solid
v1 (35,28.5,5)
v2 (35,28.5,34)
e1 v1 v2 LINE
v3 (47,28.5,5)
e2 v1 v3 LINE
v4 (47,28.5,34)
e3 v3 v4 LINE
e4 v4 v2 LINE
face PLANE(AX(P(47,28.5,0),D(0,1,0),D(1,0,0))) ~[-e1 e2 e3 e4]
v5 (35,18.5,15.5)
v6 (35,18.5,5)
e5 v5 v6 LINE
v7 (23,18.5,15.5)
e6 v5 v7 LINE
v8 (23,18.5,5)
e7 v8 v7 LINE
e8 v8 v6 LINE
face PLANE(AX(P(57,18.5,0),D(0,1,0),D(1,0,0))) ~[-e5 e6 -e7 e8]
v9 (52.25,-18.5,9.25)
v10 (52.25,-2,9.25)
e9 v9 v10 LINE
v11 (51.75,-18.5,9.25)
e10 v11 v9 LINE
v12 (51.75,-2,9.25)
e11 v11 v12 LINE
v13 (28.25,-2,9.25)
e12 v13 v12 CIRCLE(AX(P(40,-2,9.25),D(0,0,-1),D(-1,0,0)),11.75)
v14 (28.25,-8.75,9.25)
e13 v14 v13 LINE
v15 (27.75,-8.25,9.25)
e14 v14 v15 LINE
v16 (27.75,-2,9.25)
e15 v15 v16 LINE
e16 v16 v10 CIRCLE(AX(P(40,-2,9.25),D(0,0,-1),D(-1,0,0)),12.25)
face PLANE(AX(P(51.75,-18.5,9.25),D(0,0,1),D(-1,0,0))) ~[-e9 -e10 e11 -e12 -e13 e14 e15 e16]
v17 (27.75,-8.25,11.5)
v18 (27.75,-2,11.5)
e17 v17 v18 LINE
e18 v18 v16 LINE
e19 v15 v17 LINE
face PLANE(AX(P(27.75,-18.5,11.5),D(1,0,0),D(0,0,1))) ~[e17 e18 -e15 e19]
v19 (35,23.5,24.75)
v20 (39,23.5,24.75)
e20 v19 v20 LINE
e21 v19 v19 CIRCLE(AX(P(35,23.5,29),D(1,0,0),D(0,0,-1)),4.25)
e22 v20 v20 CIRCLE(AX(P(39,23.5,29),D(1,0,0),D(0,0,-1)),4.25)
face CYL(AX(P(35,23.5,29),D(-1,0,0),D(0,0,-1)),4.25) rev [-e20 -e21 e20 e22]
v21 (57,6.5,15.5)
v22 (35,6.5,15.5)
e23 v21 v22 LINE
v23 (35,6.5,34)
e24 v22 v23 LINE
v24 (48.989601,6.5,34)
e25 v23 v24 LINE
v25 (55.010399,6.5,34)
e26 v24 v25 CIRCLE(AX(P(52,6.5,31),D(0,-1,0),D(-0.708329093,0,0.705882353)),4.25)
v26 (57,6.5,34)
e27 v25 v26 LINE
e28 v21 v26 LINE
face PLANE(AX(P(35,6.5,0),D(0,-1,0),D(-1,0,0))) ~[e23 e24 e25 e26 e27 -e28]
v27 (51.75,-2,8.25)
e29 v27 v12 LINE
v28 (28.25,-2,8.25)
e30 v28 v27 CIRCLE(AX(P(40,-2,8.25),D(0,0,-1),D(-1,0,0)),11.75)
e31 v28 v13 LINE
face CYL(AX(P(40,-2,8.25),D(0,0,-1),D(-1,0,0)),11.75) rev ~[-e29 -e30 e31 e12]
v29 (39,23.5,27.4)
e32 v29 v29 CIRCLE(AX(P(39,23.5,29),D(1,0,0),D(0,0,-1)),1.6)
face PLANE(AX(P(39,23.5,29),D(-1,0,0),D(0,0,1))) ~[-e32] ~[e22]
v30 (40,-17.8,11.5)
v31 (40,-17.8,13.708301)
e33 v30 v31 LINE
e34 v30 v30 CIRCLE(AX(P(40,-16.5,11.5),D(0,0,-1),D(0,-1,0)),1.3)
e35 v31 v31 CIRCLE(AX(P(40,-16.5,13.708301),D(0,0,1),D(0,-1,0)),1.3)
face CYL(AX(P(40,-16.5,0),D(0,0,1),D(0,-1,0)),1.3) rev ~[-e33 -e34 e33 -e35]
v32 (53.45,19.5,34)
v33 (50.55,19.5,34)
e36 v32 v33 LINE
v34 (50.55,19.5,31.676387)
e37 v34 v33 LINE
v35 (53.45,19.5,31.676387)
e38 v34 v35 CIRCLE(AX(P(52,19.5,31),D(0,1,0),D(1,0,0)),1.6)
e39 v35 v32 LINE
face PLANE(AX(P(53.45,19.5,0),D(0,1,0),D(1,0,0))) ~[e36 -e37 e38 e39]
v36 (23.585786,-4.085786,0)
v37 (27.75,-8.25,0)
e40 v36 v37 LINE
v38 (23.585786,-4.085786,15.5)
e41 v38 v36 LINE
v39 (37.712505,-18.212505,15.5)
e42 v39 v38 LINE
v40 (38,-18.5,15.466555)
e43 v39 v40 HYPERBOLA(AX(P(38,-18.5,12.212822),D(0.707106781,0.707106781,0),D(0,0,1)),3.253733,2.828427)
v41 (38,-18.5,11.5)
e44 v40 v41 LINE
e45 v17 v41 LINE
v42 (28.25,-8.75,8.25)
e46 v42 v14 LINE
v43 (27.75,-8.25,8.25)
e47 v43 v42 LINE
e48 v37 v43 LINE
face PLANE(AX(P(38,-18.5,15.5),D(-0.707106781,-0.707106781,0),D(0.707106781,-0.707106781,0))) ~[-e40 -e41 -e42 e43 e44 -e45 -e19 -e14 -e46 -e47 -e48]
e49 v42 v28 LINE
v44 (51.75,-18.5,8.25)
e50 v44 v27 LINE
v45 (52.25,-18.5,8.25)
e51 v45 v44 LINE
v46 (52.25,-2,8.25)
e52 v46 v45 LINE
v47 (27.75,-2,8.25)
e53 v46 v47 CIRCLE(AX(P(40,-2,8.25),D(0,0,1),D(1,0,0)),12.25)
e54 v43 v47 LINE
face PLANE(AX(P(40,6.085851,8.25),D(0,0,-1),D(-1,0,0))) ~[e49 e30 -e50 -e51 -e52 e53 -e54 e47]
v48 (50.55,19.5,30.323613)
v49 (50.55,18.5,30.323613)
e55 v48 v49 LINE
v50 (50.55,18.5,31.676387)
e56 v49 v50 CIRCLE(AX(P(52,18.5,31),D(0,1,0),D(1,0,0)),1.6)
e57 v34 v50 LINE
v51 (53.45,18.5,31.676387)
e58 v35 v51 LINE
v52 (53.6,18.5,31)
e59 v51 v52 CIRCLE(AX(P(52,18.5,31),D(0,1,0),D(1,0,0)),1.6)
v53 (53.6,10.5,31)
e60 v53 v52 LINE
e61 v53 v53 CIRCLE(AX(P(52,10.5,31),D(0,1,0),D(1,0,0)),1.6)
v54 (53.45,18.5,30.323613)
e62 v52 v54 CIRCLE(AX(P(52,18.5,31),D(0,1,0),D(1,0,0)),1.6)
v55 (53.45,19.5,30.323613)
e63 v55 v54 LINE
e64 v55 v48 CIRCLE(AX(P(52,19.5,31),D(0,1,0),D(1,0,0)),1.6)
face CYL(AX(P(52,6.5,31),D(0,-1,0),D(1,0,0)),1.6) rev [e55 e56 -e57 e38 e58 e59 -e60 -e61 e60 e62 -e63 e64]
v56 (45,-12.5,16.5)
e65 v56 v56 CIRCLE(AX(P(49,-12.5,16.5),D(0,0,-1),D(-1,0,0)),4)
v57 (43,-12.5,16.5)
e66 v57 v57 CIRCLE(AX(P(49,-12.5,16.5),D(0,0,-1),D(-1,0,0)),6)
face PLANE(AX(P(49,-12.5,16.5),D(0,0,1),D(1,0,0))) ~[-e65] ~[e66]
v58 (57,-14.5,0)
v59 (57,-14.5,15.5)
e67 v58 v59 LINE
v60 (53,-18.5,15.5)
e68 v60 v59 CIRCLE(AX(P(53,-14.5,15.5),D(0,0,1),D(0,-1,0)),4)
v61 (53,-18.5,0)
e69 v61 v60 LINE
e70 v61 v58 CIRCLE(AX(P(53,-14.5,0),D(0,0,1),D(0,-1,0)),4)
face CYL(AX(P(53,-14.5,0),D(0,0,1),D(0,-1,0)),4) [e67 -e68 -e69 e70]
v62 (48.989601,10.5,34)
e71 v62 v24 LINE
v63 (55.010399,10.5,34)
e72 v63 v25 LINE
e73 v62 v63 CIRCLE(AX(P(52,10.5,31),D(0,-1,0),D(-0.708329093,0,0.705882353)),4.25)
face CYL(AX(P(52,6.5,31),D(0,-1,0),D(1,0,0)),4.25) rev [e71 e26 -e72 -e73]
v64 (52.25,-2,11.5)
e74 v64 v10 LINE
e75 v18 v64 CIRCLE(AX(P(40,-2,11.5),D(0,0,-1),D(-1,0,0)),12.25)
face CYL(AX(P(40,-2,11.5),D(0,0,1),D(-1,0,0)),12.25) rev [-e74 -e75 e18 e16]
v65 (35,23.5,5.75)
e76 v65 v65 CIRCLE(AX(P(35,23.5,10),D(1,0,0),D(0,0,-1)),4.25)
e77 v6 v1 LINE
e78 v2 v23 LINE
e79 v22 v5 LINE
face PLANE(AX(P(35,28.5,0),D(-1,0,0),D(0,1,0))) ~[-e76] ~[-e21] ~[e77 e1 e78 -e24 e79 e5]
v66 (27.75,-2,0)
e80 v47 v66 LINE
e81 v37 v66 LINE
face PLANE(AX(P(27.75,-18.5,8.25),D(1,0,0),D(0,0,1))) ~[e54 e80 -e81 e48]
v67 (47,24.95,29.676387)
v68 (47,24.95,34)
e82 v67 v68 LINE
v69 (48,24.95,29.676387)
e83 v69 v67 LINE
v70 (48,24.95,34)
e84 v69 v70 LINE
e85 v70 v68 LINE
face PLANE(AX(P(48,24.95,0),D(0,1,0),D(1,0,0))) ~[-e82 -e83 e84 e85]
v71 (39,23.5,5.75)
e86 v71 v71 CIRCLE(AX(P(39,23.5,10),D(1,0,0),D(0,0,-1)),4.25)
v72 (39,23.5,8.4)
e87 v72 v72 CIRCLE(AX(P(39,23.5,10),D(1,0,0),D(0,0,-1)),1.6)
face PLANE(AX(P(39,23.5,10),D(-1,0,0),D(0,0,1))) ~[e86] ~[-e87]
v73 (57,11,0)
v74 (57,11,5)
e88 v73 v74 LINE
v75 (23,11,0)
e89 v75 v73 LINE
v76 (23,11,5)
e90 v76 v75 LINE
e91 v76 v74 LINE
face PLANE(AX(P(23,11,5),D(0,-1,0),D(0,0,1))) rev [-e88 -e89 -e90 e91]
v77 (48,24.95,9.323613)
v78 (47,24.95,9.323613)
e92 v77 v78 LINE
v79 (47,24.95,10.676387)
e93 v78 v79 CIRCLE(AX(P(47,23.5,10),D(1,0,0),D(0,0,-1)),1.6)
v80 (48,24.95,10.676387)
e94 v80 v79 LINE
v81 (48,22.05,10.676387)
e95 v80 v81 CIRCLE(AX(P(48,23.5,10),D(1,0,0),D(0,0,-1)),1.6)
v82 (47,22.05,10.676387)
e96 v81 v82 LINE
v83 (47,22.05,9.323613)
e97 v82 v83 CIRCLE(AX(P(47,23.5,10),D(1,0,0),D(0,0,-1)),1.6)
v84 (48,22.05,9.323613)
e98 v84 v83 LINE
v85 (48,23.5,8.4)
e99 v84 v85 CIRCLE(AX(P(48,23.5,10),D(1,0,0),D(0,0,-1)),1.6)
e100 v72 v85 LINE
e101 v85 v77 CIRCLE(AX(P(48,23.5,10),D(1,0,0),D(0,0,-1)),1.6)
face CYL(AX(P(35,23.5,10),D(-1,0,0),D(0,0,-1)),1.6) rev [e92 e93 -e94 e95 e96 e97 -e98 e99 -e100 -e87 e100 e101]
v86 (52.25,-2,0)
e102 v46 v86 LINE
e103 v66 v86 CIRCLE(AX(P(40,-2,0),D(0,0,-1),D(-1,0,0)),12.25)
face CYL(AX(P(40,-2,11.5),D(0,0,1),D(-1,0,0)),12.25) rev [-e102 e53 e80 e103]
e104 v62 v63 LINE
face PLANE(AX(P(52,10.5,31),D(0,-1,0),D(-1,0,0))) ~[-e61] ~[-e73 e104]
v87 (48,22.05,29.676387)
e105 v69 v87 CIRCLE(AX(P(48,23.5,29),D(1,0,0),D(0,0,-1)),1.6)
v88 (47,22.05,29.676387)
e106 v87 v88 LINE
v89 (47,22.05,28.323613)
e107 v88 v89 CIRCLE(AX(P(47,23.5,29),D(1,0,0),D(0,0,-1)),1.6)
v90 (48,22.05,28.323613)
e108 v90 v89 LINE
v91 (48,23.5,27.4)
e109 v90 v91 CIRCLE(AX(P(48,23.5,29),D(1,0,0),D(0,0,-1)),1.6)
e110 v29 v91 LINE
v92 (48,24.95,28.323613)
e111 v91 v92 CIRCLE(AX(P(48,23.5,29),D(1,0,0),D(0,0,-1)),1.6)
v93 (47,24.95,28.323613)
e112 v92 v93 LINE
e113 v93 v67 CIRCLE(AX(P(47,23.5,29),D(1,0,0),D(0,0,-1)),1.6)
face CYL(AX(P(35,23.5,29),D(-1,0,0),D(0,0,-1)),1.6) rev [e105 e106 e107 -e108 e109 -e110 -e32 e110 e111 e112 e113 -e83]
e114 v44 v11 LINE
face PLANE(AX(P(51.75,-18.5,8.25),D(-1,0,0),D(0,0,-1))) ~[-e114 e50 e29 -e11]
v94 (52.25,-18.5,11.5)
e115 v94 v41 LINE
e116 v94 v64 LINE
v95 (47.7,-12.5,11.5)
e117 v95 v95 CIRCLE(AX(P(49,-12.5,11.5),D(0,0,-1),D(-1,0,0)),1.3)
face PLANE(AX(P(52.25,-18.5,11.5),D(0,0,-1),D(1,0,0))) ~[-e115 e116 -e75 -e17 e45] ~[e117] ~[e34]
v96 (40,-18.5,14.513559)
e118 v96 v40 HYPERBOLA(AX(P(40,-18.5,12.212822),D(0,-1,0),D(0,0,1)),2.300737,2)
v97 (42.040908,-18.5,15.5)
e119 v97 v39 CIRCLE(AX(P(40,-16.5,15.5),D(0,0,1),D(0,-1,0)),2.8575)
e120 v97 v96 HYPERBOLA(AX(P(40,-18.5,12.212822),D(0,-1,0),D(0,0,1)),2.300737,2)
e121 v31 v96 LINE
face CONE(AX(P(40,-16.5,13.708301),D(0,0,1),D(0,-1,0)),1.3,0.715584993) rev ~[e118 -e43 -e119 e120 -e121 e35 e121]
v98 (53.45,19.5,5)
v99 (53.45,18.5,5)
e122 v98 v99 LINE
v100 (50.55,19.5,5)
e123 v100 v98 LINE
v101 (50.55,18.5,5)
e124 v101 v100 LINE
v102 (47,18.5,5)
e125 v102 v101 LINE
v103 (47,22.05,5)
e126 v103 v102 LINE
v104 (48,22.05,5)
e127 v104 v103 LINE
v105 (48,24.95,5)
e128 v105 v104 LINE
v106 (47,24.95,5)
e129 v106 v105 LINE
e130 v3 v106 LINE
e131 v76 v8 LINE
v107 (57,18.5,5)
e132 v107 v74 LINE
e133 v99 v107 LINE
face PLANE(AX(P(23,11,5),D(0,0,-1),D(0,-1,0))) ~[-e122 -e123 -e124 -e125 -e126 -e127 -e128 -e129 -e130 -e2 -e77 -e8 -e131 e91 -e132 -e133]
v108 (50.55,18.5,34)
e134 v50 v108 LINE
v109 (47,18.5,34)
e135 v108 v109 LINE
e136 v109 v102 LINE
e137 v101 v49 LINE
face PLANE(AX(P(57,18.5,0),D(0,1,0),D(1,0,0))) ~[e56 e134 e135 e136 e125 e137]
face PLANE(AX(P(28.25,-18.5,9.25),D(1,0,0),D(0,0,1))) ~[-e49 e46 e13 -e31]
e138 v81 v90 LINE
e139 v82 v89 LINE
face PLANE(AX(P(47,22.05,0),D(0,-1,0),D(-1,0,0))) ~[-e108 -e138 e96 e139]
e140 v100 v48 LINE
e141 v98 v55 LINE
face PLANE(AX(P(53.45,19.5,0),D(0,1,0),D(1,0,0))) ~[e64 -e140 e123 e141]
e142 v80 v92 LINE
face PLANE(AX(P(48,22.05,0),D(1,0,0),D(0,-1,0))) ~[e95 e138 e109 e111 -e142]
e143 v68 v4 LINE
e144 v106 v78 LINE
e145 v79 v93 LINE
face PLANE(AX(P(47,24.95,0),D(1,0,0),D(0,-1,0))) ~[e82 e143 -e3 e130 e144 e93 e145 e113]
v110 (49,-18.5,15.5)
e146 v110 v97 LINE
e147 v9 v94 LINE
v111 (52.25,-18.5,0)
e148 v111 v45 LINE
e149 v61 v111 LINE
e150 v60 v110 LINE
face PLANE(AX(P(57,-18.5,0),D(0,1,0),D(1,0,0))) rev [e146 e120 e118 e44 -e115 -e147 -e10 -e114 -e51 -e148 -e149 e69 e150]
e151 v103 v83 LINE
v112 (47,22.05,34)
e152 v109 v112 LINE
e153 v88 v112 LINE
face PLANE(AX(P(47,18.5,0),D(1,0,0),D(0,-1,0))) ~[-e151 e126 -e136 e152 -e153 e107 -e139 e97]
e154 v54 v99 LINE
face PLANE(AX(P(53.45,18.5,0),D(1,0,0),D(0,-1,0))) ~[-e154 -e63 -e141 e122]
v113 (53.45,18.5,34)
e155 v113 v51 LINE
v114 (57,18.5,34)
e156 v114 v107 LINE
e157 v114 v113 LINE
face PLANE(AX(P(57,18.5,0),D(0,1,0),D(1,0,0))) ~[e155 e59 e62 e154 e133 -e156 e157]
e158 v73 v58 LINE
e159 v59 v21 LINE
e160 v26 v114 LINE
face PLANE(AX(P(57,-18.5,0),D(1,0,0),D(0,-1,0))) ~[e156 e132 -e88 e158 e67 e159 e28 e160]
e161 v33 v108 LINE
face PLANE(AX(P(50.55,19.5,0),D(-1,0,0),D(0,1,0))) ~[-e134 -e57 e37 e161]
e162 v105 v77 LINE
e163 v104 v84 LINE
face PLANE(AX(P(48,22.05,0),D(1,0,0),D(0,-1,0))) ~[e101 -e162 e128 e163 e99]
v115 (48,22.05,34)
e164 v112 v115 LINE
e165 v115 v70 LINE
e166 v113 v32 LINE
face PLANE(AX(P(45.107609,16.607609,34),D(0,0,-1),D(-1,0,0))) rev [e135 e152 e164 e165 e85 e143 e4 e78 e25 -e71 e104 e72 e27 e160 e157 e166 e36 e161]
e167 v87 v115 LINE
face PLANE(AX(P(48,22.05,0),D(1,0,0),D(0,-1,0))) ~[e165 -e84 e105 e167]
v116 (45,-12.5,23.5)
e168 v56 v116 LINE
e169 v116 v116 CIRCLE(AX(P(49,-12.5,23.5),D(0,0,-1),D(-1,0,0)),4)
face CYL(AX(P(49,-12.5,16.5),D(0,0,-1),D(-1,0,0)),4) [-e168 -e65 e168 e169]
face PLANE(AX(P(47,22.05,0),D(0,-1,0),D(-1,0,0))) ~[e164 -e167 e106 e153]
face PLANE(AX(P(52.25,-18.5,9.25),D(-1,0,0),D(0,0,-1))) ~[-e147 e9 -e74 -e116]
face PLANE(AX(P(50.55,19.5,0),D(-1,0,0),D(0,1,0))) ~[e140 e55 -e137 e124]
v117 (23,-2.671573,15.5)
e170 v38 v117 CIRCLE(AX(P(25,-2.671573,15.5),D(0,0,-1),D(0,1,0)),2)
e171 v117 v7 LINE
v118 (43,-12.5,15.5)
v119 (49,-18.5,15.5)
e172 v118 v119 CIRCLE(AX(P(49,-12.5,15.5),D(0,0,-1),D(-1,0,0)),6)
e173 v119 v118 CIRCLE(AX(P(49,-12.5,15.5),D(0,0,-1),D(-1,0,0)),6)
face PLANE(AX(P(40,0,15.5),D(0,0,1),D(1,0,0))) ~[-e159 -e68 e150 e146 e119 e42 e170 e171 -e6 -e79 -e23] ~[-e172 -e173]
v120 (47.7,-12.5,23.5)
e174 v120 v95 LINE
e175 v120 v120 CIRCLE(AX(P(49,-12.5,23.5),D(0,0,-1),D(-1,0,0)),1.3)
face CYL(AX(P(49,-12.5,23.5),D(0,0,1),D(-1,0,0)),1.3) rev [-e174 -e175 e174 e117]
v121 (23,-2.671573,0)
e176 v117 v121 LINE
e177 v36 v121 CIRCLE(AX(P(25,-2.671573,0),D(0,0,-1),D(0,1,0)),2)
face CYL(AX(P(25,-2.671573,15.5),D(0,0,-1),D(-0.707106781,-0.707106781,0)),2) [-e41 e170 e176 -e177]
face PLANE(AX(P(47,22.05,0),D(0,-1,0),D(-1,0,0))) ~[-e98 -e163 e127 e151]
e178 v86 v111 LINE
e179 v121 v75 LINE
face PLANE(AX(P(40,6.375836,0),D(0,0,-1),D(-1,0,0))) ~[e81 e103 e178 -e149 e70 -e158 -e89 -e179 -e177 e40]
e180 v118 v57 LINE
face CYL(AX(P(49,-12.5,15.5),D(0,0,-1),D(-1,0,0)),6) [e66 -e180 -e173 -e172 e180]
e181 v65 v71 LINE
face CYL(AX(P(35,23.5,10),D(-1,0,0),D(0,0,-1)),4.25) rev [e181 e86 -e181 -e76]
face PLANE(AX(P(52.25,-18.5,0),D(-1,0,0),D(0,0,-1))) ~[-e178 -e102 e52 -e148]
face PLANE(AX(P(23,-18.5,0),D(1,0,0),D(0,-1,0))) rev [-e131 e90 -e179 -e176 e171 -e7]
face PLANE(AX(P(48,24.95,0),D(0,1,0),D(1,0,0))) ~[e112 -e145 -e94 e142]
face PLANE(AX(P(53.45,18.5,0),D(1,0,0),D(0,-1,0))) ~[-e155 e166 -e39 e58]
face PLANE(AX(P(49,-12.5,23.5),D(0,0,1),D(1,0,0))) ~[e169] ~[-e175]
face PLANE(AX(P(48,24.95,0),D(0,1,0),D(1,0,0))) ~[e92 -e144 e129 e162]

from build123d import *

# Parameters (mm, degrees)
BASE_SKETCHUP_W                   = 34
BASE_SKETCHUP_H                   = 37
BASE_EXTRUSION_DEPTH              = 15.5
FIX_EXTRUSION_DEPTH               = 34
BALL_EXTRUSION_DEPTH              = 29
BALL_BEARING_BASE_SKETCHUP_R      = 6
BALL_BEARING_BASE_EXTRUSION_DEPTH = 1
BALL_BEARING_SKETCHUP_R           = 4
BALL_BEARING_EXTRUSION_DEPTH      = 7
BALL_BEARING_FIX_SKETCHUP_R       = 1.3
BALL_BEARING_FIX_HOLE_DEPTH       = 12
BOSS_EXTRU_5_DEPTH                = 11.5
BOSS_EXTRU_6_DEPTH                = 1
ESQUISSE13_W                      = 5
ESQUISSE13_H                      = 17.5
ENL_V_MAT_EXTRU_1_DEPTH           = 35
CONG_2_R                          = 4
ENL_V_MAT_EXTRU_2_DEPTH           = 16.5
CONG_4_R                          = 2
ESQUISSE16_R                      = 1.6
MAKERBEAMINTERIORHOLES1_DEPTH     = 23
ESQUISSE17_R                      = 4.25
MAKERBEAMINTERIORHOLES2_DEPTH     = 4
ESQUISSE18_R                      = 1.6
MAKERBEAMFRONTHOLE1_DEPTH         = 23
ESQUISSE19_R                      = 4.25
MAKERBEAMFRONTHOLE2_DEPTH         = 4
ESQUISSE20_W                      = 37
ESQUISSE20_H                      = 47
ENL_V_MAT_EXTRU_7_DEPTH           = 35


with BuildPart() as part:
    # Base Sketchup → Base Extrusion (new body)
    with BuildSketch(Plane.XY):
        Rectangle(BASE_SKETCHUP_W, BASE_SKETCHUP_H)
    extrude(amount=BASE_EXTRUSION_DEPTH)


with BuildPart() as body_2:
    # Fix Sketchup → Fix Extrusion (new body)
    with BuildSketch(Plane(origin=(0, 0, 0), x_dir=(-1, 0, 0), z_dir=(0, 0, -1))):
        Polygon((17, 18.5), (13.45, 18.5), (13.45, 19.5), (10.55, 19.5), (10.55, 18.5), (7, 18.5), (7, 22.05), (8, 22.05), (8, 24.95), (7, 24.95), (7, 28.5), (-5, 28.5), (-5, 6.5), (17, 6.5), align=None)
    extrude(amount=-FIX_EXTRUSION_DEPTH)


with BuildPart() as ball_extrusion_tool:
    # Ball Place Sketchup → Ball Extrusion (new body)
    with BuildSketch(Plane.XZ.offset(18.5)):
        Polygon((-12.25, 0), (-12.25, 8.25), (-11.75, 8.25), (-11.75, 9.25), (-12.25, 9.25), (-12.25, 11.5), (12.25, 11.5), (12.25, 9.25), (11.75, 9.25), (11.75, 8.25), (12.25, 8.25), (12.25, 0), align=None)
    extrude(amount=-BALL_EXTRUSION_DEPTH)


with BuildPart() as part_1:
    add(part.part)

    # Ball Extrusion: cut by ball_extrusion_tool
    add(ball_extrusion_tool.part, mode=Mode.SUBTRACT)

    # Esquisse12 → Fraisage pour vis à tête fraisée bombée #41 (revolve, cut)
    with BuildSketch(Plane(origin=(0, -16.5, 15.5), x_dir=(0, -1, 0), z_dir=(1, 0, 0))):
        Polygon((0, 0), (0, 15.5), (1.3, 15.5), (1.3, 1.791698794), (2.8575, 0), align=None)
    revolve(axis=Axis((0, -16.5, 21.85), (0, 0, -1)), mode=Mode.SUBTRACT)

    # Ball Bearing Base Sketchup → Ball Bearing Base Extrusion (add)
    with BuildSketch(Plane.XY.offset(15.5)):
        with Locations((-9, -12.5)):
            Circle(BALL_BEARING_BASE_SKETCHUP_R)
    extrude(amount=BALL_BEARING_BASE_EXTRUSION_DEPTH)

    # Ball Bearing Sketchup → Ball Bearing Extrusion (add)
    with BuildSketch(Plane.XY.offset(16.5)):
        with Locations((-9, -12.5)):
            Circle(BALL_BEARING_SKETCHUP_R)
    extrude(amount=BALL_BEARING_EXTRUSION_DEPTH)

    # Ball Bearing Fix Sketchup → Ball Bearing Fix Hole (cut)
    with BuildSketch(Plane.XY.offset(23.5)):
        with Locations((-9, -12.5)):
            Circle(BALL_BEARING_FIX_SKETCHUP_R)
    extrude(amount=-BALL_BEARING_FIX_HOLE_DEPTH, mode=Mode.SUBTRACT)



with BuildPart() as body_2_1:
    add(body_2.part)

    # Ball Extrusion: cut by ball_extrusion_tool
    add(ball_extrusion_tool.part, mode=Mode.SUBTRACT)


with BuildPart() as part_2:
    add(part_1.part)

    add(body_2_1.part)  # Boss.-Extru.5 merges body 2
    # Esquisse10 → Boss.-Extru.5 (add)
    with BuildSketch(Plane(origin=(0, 0, 11.5), x_dir=(-1, 0, 0), z_dir=(0, 0, -1))):
        with BuildLine():
            Line((12.25, -2), (12.25, 10.5))
            Line((12.25, 10.5), (-12.25, 10.5))
            Line((-12.25, 10.5), (-12.25, -2))
            ThreePointArc((-12.25, -2), (0, 10.25), (12.25, -2))
        make_face()
    extrude(amount=BOSS_EXTRU_5_DEPTH)

    # Esquisse11 → Boss.-Extru.6 (add)
    with BuildSketch(Plane(origin=(0, 0, 8.25), x_dir=(-1, 0, 0), z_dir=(0, 0, -1))):
        with BuildLine():
            Line((11.75, -2), (12.25, -2))
            Line((12.25, -2), (12.25, 10.25))
            Line((12.25, 10.25), (-12.25, 10.25))
            Line((-12.25, 10.25), (-12.25, -2))
            Line((-12.25, -2), (-11.75, -2))
            ThreePointArc((-11.75, -2), (0, 9.75), (11.75, -2))
        make_face()
    extrude(amount=-BOSS_EXTRU_6_DEPTH)

    # Esquisse13 → Enlèv. mat.-Extru.1 (cut, through all)
    with BuildSketch(Plane(origin=(17, 0, 0), x_dir=(0, 0, -1), z_dir=(1, 0, 0))):
        with Locations((-2.5, 19.75)):
            Rectangle(ESQUISSE13_W, ESQUISSE13_H)
    extrude(amount=-ENL_V_MAT_EXTRU_1_DEPTH, mode=Mode.SUBTRACT)

    # Congé2
    cong_2_edges = [part_2.edges().sort_by_distance(p)[0] for p in [
        (-17, -18.5, 7.75),
    ]]
    fillet(cong_2_edges, radius=CONG_2_R)

    # Esquisse14 → Enlèv. mat.-Extru.2 (cut, through all)
    with BuildSketch(Plane.XY.offset(15.5)):
        Polygon((2, -18.5), (17, -3.5), (17, -18.5), align=None)
    extrude(amount=-ENL_V_MAT_EXTRU_2_DEPTH, mode=Mode.SUBTRACT)

    # Congé4
    cong_4_edges = [part_2.edges().sort_by_distance(p)[0] for p in [
        (17, -3.5, 7.75),
    ]]
    fillet(cong_4_edges, radius=CONG_4_R)

    # Esquisse16 → MakerBeamInteriorHoles1 (cut, through all)
    with BuildSketch(Plane(origin=(5, 0, 0), x_dir=(0, 0, -1), z_dir=(1, 0, 0))):
        with Locations((-29, 23.5)):
            Circle(ESQUISSE16_R)
        with Locations((-10, 23.5)):
            Circle(ESQUISSE16_R)
    extrude(amount=-MAKERBEAMINTERIORHOLES1_DEPTH, mode=Mode.SUBTRACT)

    # Esquisse17 → MakerBeamInteriorHoles2 (cut)
    with BuildSketch(Plane(origin=(5, 0, 0), x_dir=(0, 0, -1), z_dir=(1, 0, 0))):
        with Locations((-29, 23.5)):
            Circle(ESQUISSE17_R)
        with Locations((-10, 23.5)):
            Circle(ESQUISSE17_R)
    extrude(amount=-MAKERBEAMINTERIORHOLES2_DEPTH, mode=Mode.SUBTRACT)

    # Esquisse18 → MakerBeamFrontHole1 (cut, through all)
    with BuildSketch(Plane(origin=(0, 6.5, 0), x_dir=(-1, 0, 0), z_dir=(0, -1, 0))):
        with Locations((12, -31)):
            Circle(ESQUISSE18_R)
    extrude(amount=-MAKERBEAMFRONTHOLE1_DEPTH, mode=Mode.SUBTRACT)

    # Esquisse19 → MakerBeamFrontHole2 (cut)
    with BuildSketch(Plane(origin=(0, 6.5, 0), x_dir=(-1, 0, 0), z_dir=(0, -1, 0))):
        with Locations((12, -31)):
            Circle(ESQUISSE19_R)
    extrude(amount=-MAKERBEAMFRONTHOLE2_DEPTH, mode=Mode.SUBTRACT)


with BuildPart() as body_2_2:
    # Symétrie2: mirrored copy
    add(part_2.part.mirror(Plane(origin=(20, 0, 0), x_dir=(0, 0, 1), z_dir=(1, 0, 0))))


with BuildPart() as part_3:
    add(part_2.part)

    # Esquisse20 → Enlèv. mat.-Extru.7 (cut, through all)
    with BuildSketch(Plane.XY.offset(34)):
        with Locations((1.5, 5)):
            Rectangle(ESQUISSE20_W, ESQUISSE20_H)
    extrude(amount=-ENL_V_MAT_EXTRU_7_DEPTH, mode=Mode.SUBTRACT)


solid = body_2_2.part
